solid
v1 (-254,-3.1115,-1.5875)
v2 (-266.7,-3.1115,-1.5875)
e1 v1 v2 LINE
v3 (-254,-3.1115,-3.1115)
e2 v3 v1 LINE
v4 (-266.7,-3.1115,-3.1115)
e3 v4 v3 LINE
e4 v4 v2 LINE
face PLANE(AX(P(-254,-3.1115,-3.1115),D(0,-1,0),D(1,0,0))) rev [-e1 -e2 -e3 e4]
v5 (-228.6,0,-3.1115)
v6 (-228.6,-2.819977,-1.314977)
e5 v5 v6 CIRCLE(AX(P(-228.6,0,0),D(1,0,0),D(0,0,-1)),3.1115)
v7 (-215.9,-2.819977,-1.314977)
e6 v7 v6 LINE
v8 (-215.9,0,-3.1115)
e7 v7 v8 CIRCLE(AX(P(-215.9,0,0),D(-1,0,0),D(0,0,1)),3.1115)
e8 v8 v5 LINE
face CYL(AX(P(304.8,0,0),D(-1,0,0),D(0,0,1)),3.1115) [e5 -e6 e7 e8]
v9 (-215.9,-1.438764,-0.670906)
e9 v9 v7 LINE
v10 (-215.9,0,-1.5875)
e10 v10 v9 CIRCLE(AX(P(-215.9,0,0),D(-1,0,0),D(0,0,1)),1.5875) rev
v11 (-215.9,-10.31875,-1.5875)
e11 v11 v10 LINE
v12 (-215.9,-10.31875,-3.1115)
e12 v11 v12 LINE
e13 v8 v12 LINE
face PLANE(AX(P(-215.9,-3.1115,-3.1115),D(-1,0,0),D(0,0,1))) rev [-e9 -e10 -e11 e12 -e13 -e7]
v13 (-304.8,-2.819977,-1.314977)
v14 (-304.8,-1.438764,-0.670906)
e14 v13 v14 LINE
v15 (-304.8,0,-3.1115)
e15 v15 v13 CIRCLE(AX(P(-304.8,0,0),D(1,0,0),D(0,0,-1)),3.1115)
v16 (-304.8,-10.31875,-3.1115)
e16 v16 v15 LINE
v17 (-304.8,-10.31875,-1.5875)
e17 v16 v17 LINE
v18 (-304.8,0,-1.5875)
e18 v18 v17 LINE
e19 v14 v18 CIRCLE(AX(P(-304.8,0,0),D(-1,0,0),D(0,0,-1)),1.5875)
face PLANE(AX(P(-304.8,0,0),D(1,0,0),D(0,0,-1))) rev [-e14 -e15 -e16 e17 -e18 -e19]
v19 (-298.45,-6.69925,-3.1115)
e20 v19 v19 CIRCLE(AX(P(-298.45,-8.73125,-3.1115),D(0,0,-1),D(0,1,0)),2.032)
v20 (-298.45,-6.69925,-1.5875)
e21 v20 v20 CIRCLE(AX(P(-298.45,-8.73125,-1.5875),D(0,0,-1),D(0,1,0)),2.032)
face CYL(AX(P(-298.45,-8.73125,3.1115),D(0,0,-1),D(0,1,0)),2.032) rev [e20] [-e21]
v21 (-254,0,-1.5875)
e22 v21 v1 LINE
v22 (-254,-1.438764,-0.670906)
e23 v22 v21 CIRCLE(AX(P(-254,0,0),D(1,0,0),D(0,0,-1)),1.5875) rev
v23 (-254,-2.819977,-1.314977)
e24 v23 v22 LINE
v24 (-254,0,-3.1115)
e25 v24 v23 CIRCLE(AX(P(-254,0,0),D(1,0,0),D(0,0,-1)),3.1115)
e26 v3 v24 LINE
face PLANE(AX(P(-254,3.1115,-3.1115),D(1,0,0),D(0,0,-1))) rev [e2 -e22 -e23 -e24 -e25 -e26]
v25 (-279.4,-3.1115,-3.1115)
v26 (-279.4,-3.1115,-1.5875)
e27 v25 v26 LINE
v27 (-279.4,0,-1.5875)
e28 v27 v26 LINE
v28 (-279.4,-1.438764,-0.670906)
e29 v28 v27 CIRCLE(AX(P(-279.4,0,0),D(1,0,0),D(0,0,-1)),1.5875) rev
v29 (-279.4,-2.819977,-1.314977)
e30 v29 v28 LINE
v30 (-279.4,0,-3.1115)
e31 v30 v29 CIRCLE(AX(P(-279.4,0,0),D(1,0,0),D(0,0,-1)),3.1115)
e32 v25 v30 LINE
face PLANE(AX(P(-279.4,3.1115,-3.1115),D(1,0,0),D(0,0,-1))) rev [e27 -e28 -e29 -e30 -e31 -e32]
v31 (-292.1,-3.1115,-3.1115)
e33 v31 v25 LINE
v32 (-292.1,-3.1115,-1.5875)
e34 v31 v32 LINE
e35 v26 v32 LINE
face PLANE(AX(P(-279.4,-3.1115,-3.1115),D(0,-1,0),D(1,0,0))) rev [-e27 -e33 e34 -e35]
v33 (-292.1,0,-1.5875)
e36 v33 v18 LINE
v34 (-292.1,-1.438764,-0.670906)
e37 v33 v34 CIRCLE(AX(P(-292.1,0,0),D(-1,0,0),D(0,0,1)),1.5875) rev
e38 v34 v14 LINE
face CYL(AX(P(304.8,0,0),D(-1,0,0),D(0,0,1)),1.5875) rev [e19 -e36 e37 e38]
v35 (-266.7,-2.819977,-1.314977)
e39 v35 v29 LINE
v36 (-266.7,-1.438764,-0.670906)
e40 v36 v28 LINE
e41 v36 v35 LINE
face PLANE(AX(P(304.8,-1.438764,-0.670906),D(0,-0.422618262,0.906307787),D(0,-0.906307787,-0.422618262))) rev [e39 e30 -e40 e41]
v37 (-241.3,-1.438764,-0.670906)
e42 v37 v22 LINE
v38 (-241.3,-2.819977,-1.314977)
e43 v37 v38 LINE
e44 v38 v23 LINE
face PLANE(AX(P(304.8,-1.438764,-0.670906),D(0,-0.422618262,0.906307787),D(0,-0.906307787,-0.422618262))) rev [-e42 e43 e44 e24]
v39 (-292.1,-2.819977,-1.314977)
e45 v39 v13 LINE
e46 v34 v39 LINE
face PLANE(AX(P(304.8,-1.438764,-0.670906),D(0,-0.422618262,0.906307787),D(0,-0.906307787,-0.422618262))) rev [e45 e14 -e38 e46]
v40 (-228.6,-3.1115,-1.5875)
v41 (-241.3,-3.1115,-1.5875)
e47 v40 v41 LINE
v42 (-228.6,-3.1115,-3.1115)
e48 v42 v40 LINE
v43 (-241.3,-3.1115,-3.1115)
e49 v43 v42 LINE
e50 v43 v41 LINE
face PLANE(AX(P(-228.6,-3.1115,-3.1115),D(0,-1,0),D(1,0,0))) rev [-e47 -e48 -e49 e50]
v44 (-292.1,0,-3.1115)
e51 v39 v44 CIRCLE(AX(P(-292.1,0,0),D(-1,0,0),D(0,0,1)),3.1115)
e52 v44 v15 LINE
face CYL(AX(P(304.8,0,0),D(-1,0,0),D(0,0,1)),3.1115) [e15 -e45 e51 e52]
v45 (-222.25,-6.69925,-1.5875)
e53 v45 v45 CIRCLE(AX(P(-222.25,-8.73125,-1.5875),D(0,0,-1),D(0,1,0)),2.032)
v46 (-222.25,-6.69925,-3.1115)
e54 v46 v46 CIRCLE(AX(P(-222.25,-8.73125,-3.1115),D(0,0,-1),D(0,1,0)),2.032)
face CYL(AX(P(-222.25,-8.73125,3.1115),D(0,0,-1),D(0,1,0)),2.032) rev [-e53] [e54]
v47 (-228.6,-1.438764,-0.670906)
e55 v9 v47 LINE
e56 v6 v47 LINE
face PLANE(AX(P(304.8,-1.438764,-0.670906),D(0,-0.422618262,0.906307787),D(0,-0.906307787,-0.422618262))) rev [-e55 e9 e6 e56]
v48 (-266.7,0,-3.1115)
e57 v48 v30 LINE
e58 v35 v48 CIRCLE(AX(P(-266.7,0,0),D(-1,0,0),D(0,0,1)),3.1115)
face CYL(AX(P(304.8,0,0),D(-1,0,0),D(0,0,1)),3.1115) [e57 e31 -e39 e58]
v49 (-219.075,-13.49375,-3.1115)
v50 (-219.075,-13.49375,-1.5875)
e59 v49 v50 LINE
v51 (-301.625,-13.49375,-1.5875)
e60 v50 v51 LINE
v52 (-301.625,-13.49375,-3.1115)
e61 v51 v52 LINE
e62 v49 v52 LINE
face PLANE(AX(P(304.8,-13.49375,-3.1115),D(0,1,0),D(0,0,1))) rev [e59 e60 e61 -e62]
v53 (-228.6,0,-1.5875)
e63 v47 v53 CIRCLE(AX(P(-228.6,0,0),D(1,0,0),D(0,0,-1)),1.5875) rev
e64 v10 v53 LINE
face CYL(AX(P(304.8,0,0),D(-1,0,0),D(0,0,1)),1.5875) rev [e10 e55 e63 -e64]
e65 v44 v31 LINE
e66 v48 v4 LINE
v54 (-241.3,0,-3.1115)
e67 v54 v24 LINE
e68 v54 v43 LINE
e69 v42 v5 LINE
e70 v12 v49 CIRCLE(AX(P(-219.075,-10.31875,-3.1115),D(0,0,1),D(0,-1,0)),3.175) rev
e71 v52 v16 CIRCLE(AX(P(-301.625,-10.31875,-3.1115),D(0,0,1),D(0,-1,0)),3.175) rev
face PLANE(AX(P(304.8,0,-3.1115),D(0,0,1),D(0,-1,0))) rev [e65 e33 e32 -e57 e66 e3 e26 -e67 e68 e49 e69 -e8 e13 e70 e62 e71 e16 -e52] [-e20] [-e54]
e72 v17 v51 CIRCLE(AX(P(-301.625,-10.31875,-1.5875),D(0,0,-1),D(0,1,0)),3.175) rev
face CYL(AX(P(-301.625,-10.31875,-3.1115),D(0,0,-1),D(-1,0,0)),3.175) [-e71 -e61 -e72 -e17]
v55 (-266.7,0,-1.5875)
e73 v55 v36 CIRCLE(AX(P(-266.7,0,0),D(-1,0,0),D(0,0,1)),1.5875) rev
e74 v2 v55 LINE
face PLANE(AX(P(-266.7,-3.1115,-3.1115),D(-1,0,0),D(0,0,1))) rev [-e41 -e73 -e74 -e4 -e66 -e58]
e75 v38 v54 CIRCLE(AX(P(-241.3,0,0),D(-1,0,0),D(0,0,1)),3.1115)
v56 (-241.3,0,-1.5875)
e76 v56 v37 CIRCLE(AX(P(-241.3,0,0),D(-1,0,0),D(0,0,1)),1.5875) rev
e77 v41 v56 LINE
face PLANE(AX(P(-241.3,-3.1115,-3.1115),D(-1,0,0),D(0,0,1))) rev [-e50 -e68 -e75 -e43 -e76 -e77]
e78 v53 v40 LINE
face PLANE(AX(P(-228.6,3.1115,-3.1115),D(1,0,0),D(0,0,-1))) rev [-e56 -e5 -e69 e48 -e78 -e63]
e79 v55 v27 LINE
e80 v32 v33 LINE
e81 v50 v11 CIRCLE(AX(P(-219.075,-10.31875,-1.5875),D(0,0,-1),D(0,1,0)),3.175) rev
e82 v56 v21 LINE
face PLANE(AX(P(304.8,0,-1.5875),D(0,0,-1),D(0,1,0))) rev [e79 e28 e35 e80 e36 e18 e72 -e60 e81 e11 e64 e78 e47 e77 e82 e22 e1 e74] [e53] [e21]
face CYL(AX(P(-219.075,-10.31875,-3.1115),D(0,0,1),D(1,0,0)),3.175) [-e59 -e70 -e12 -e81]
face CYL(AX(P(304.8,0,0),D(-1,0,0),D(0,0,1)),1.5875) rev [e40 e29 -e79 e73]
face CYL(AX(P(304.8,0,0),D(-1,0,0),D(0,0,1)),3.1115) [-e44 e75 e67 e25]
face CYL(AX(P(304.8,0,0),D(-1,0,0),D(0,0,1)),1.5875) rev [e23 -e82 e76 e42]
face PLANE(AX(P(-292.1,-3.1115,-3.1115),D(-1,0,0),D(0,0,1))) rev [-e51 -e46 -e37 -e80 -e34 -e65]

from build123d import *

# Parameters (mm, degrees)
BOSS_EXTRUDE1_DEPTH = 304.8
SKETCH4_W           = 12.7
SKETCH4_H           = 6.223
CUT_EXTRUDE1_DEPTH  = 306.114409233
LPATTERN1_COUNT     = 24
LPATTERN1_PITCH     = 25.4
BOSS_EXTRUDE2_DEPTH = 609.6
SKETCH6_W           = 12.7
SKETCH6_H           = 6.223
CUT_EXTRUDE2_DEPTH  = 306.114409233
LPATTERN2_COUNT     = 24
LPATTERN2_PITCH     = 25.4
SKETCH7_R           = 1.5875
BOSS_EXTRUDE3_DEPTH = 609.6
CHAMFER1_SIZE       = 0.3175
CUT_EXTRUDE3_START  = -88.9
SKETCH8_W           = 11.762471384
SKETCH8_H           = 30.066276354
CUT_EXTRUDE3_DEPTH  = 521.857265411
FILLET1_R           = 3.175
SKETCH9_R           = 2.032
CUT_EXTRUDE4_DEPTH  = 306.162001268


with BuildPart() as part:
    # Sketch3 → Boss-Extrude1 (new, symmetric)
    with BuildSketch(Plane(origin=(0, 0, 0), x_dir=(0, 0, -1), z_dir=(1, 0, 0))):
        with BuildLine():
            Line((1.5875, 0), (1.5875, -2.676056053))
            Line((1.5875, -2.676056053), (1.5875, -13.49375))
            Line((1.5875, -13.49375), (3.1115, -13.49375))
            Line((3.1115, -13.49375), (3.1115, 0))
            ThreePointArc((3.1115, 0), (-2.624212484, 1.671807731), (1.314976721, -2.819976679))
            Line((1.314976721, -2.819976679), (0.670906491, -1.438763612))
            ThreePointArc((0.670906491, -1.438763612), (-1.33888392, 0.852963128), (1.5875, 0))
        make_face()
    extrude(amount=BOSS_EXTRUDE1_DEPTH, both=True)

    # Sketch4 → Cut-Extrude1 (cut, symmetric)
    with BuildSketch(Plane.XY):
        with Locations((298.45, 0)):
            Rectangle(SKETCH4_W, SKETCH4_H)
    cut_extrude1 = extrude(amount=CUT_EXTRUDE1_DEPTH, both=True, mode=Mode.SUBTRACT)

    # LPattern1: Cut-Extrude1 ×24
    with Locations(*[(-i * LPATTERN1_PITCH, 0, 0) for i in range(1, LPATTERN1_COUNT)]):
        add(cut_extrude1, mode=Mode.SUBTRACT)


with BuildPart() as body_2:
    # Sketch5 → Boss-Extrude2 (new body)
    with BuildSketch(Plane(origin=(304.8, 0, 0), x_dir=(0, 0, -1), z_dir=(1, 0, 0))):
        with BuildLine():
            Line((1.5875, 13.49375), (1.5875, 2.676056053))
            Line((1.5875, 2.676056053), (1.5875, 0))
            ThreePointArc((1.5875, 0), (-1.33888392, -0.852963128), (0.670906491, 1.438763612))
            Line((0.670906491, 1.438763612), (1.314976721, 2.819976679))
            ThreePointArc((1.314976721, 2.819976679), (-2.624212484, -1.671807731), (3.1115, 0))
            Line((3.1115, 0), (3.1115, 13.49375))
            Line((3.1115, 13.49375), (1.5875, 13.49375))
        make_face()
    extrude(amount=-BOSS_EXTRUDE2_DEPTH)

    # Sketch6 → Cut-Extrude2 (cut, symmetric)
    with BuildSketch(Plane.XY):
        with Locations((285.75, 0)):
            Rectangle(SKETCH6_W, SKETCH6_H)
    cut_extrude2 = extrude(amount=CUT_EXTRUDE2_DEPTH, both=True, mode=Mode.SUBTRACT)

    # LPattern2: Cut-Extrude2 ×24
    with Locations(*[(-i * LPATTERN2_PITCH, 0, 0) for i in range(1, LPATTERN2_COUNT)]):
        add(cut_extrude2, mode=Mode.SUBTRACT)


with BuildPart() as body_3:
    # Sketch7 → Boss-Extrude3 (new body)
    with BuildSketch(Plane(origin=(304.8, 0, 0), x_dir=(0, 0, -1), z_dir=(1, 0, 0))):
        Circle(SKETCH7_R)
    extrude(amount=-BOSS_EXTRUDE3_DEPTH)

    # Chamfer1
    chamfer1_edges = [body_3.edges().sort_by_distance(p)[0] for p in [
        (304.8, 0, 1.5875),
        (-304.8, 0, 1.5875),
    ]]
    chamfer(chamfer1_edges, length=CHAMFER1_SIZE)


with BuildPart() as cut_extrude3_tool:
    # Sketch8 → Cut-Extrude3 (new, through all)
    with BuildSketch(Plane.ZY.offset(304.8).offset(CUT_EXTRUDE3_START)):
        Rectangle(SKETCH8_W, SKETCH8_H)
    extrude(amount=-CUT_EXTRUDE3_DEPTH)


with BuildPart() as part_1:
    add(part.part)

    # Cut-Extrude3: cut by cut_extrude3_tool
    add(cut_extrude3_tool.part, mode=Mode.SUBTRACT)

    # Fillet1
    fillet1_edges = [part_1.edges().sort_by_distance(p)[0] for p in [
        (-215.9, -13.49375, -2.3495),
        (-304.8, -13.49375, -2.3495),
    ]]
    fillet(fillet1_edges, radius=FILLET1_R)

    # Sketch9 → Cut-Extrude4 (cut, through all)
    with BuildSketch(Plane(origin=(0, 0, -3.1115), x_dir=(-1, 0, 0), z_dir=(0, 0, -1))):
        with Locations(Location((222.25, -8.73125, 0), (0, 0, 90))):
            Circle(SKETCH9_R)
        with Locations(Location((298.45, -8.73125, 0), (0, 0, 90))):
            Circle(SKETCH9_R)
    extrude(amount=-CUT_EXTRUDE4_DEPTH, mode=Mode.SUBTRACT)


with BuildPart() as body_2_1:
    add(body_2.part)

    # Cut-Extrude3: cut by cut_extrude3_tool
    add(cut_extrude3_tool.part, mode=Mode.SUBTRACT)


with BuildPart() as body_3_1:
    add(body_3.part)

    # Cut-Extrude3: cut by cut_extrude3_tool
    add(cut_extrude3_tool.part, mode=Mode.SUBTRACT)


solid = part_1.part
